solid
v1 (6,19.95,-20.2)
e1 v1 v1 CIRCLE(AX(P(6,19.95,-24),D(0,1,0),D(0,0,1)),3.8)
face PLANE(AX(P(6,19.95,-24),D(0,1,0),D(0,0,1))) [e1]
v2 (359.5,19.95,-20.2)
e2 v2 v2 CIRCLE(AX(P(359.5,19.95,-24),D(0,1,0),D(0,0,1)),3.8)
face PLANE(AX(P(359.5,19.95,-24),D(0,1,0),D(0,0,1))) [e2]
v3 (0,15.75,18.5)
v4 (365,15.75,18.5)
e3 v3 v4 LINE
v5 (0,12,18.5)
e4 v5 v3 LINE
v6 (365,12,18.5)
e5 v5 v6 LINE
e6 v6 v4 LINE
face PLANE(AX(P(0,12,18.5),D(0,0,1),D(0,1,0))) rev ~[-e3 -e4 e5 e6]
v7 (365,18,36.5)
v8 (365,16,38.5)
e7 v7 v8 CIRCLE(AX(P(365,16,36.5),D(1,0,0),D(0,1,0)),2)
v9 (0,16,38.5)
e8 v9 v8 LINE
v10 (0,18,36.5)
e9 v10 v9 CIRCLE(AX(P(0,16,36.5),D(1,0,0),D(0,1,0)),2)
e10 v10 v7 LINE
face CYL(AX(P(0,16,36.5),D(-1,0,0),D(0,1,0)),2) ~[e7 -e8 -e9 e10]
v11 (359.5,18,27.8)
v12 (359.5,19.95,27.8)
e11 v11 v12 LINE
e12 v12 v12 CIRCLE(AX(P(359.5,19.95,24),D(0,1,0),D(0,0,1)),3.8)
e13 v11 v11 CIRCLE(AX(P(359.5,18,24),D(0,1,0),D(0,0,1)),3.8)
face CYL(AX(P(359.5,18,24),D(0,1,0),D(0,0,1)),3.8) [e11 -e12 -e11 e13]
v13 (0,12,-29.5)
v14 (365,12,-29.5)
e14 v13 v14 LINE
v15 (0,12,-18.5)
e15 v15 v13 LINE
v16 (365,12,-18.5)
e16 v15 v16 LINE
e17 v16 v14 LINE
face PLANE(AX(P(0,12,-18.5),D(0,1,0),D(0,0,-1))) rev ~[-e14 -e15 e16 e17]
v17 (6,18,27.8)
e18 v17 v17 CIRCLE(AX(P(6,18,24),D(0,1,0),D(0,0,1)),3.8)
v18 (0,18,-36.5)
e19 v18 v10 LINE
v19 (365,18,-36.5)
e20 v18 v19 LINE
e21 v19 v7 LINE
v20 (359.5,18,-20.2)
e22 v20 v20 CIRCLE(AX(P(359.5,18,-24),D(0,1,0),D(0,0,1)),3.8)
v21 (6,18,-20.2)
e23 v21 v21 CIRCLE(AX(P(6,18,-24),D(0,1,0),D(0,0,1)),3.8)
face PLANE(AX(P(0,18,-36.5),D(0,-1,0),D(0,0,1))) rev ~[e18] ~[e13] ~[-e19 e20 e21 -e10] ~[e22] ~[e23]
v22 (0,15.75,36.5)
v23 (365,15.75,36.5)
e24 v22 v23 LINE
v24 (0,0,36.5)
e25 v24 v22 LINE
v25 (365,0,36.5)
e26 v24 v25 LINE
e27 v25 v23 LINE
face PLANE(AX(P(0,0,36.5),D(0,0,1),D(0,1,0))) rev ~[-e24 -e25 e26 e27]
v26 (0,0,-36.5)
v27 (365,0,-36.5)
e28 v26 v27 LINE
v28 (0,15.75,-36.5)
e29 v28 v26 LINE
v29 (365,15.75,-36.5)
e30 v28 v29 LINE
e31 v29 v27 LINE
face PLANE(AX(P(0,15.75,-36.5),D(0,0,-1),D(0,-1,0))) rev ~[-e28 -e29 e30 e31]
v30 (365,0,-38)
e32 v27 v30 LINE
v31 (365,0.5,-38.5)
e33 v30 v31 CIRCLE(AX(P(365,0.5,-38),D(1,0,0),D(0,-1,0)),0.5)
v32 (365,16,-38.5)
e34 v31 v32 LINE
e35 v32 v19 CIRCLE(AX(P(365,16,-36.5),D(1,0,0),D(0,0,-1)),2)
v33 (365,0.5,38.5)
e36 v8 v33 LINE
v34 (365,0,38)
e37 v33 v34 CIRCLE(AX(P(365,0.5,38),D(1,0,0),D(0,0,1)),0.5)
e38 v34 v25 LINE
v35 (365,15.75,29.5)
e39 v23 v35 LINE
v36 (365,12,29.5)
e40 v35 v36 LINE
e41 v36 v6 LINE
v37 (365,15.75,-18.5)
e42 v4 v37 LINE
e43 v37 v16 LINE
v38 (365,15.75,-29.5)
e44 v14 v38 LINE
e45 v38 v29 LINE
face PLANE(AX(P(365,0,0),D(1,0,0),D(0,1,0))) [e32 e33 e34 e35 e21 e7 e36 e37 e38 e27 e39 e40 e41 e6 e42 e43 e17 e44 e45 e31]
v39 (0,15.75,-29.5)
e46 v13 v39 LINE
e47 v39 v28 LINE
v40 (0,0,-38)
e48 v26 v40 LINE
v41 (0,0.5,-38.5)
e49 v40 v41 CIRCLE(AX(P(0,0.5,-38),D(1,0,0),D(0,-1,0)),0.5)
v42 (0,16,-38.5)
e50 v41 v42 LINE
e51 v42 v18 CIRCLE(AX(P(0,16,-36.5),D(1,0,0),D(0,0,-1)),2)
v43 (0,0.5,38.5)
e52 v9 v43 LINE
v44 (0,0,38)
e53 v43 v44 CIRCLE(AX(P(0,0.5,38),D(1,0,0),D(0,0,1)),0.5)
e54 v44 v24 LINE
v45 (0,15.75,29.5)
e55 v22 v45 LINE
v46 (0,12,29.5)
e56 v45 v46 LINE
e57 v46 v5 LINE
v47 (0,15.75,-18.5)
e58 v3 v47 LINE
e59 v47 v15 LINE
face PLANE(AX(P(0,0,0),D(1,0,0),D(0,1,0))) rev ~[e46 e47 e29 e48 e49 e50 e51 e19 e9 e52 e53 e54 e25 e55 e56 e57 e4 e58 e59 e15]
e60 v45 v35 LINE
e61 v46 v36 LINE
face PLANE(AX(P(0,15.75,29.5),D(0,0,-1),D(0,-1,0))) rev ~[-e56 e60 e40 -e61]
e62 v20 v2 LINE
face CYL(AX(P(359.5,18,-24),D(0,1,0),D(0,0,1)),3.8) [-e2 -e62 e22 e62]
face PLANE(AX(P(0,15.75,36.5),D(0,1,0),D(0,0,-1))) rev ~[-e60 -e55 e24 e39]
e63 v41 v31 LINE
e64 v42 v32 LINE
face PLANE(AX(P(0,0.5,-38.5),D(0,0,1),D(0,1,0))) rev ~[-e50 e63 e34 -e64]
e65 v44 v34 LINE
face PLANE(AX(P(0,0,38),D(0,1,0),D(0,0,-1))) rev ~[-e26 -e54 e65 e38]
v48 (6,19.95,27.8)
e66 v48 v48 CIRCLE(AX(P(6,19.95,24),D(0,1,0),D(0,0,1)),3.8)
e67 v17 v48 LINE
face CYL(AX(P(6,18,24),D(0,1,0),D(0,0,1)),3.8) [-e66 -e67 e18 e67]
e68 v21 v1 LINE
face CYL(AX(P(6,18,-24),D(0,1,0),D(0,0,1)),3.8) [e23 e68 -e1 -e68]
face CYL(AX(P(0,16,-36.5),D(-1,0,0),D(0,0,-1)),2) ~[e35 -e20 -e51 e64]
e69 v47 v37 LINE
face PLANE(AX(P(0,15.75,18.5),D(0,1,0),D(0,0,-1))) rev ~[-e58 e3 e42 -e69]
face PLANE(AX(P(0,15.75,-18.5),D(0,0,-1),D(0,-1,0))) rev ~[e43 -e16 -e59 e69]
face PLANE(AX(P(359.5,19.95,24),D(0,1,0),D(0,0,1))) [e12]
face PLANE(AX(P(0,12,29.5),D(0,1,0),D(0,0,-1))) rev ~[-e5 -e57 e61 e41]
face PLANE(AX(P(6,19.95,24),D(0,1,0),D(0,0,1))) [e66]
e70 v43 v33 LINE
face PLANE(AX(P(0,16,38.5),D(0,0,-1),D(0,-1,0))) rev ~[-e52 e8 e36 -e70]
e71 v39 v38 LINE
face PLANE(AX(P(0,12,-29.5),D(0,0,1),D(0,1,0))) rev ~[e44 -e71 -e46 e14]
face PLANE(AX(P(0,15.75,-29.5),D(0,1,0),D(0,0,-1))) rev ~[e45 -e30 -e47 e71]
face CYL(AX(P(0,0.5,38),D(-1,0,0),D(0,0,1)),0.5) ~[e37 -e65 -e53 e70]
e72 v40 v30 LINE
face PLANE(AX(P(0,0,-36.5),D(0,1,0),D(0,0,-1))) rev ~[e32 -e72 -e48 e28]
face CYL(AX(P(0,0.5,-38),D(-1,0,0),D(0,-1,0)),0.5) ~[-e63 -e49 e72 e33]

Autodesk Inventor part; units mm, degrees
sketch "Sketch_1" plane through (0, 0, 0) normal (1, 0, 0) x (0, 1, 0)
  line L0 (16, 38.5) -> (0.5, 38.5)
  arc A0 (0.5, 38.5) -> (0, 38) centre (0.5, 38) ccw
  line L1 (0, 38) -> (0, 36.5)
  line L2 (0, 36.5) -> (15.75, 36.5)
  line L3 (15.75, 36.5) -> (15.75, 29.5)
  line L4 (15.75, 29.5) -> (12, 29.5)
  line L5 (12, 29.5) -> (12, 18.5)
  line L6 (12, 18.5) -> (15.75, 18.5)
  line L7 (15.75, 18.5) -> (15.75, -18.5)
  line L8 (15.75, -18.5) -> (12, -18.5)
  line L9 (12, -18.5) -> (12, -29.5)
  line L10 (12, -29.5) -> (15.75, -29.5)
  line L11 (15.75, -29.5) -> (15.75, -36.5)
  line L12 (15.75, -36.5) -> (0, -36.5)
  line L13 (0, -36.5) -> (0, -38)
  arc A1 (0, -38) -> (0.5, -38.5) centre (0.5, -38) ccw
  line L14 (0.5, -38.5) -> (16, -38.5)
  arc A2 (16, -38.5) -> (18, -36.5) centre (16, -36.5) ccw
  line L15 (18, -36.5) -> (18, 36.5)
  arc A3 (18, 36.5) -> (16, 38.5) centre (16, 36.5) ccw
extrude "Extrusion1" add sketch "Sketch_1" along normal blind 365
sketch "Sketch_3" plane through (6, 0, 0) normal (1, 0, 0) x (0, 0, -1)
  line L0 (-24, 19.95) -> (-24, 18)
  line L1 (-24, 18) -> (-27.8, 18)
  line L2 (-27.8, 18) -> (-27.8, 19.95)
  line L3 (-27.8, 19.95) -> (-24, 19.95)
  line L4 (-24, 19.95) -> (-24, 18)
revolve "Revolution1" add sketch "Sketch_3" angle 360 about axis through (6, 19.95, 24) along (0, 1, 0)
pattern_linear "Rectangular Pattern1" count 2 spacing 353.5 along (1, 0, 0) count 2 spacing 48 along (0, 0, -1) of "Revolution1"
ref_plane "pc_body_XY" through (6, 12, 0) normal (1, 0, 0) x (0, 0, -1)
ref_plane "pc_body_YZ" through (6, 12, 0) normal (0, 0, -1) x (0, 1, 0)
ref_plane "pc_body_ZX" through (6, 12, 0) normal (0, 1, 0) x (1, 0, 0)
properties part number "KR45H-340-Protected Cover"
